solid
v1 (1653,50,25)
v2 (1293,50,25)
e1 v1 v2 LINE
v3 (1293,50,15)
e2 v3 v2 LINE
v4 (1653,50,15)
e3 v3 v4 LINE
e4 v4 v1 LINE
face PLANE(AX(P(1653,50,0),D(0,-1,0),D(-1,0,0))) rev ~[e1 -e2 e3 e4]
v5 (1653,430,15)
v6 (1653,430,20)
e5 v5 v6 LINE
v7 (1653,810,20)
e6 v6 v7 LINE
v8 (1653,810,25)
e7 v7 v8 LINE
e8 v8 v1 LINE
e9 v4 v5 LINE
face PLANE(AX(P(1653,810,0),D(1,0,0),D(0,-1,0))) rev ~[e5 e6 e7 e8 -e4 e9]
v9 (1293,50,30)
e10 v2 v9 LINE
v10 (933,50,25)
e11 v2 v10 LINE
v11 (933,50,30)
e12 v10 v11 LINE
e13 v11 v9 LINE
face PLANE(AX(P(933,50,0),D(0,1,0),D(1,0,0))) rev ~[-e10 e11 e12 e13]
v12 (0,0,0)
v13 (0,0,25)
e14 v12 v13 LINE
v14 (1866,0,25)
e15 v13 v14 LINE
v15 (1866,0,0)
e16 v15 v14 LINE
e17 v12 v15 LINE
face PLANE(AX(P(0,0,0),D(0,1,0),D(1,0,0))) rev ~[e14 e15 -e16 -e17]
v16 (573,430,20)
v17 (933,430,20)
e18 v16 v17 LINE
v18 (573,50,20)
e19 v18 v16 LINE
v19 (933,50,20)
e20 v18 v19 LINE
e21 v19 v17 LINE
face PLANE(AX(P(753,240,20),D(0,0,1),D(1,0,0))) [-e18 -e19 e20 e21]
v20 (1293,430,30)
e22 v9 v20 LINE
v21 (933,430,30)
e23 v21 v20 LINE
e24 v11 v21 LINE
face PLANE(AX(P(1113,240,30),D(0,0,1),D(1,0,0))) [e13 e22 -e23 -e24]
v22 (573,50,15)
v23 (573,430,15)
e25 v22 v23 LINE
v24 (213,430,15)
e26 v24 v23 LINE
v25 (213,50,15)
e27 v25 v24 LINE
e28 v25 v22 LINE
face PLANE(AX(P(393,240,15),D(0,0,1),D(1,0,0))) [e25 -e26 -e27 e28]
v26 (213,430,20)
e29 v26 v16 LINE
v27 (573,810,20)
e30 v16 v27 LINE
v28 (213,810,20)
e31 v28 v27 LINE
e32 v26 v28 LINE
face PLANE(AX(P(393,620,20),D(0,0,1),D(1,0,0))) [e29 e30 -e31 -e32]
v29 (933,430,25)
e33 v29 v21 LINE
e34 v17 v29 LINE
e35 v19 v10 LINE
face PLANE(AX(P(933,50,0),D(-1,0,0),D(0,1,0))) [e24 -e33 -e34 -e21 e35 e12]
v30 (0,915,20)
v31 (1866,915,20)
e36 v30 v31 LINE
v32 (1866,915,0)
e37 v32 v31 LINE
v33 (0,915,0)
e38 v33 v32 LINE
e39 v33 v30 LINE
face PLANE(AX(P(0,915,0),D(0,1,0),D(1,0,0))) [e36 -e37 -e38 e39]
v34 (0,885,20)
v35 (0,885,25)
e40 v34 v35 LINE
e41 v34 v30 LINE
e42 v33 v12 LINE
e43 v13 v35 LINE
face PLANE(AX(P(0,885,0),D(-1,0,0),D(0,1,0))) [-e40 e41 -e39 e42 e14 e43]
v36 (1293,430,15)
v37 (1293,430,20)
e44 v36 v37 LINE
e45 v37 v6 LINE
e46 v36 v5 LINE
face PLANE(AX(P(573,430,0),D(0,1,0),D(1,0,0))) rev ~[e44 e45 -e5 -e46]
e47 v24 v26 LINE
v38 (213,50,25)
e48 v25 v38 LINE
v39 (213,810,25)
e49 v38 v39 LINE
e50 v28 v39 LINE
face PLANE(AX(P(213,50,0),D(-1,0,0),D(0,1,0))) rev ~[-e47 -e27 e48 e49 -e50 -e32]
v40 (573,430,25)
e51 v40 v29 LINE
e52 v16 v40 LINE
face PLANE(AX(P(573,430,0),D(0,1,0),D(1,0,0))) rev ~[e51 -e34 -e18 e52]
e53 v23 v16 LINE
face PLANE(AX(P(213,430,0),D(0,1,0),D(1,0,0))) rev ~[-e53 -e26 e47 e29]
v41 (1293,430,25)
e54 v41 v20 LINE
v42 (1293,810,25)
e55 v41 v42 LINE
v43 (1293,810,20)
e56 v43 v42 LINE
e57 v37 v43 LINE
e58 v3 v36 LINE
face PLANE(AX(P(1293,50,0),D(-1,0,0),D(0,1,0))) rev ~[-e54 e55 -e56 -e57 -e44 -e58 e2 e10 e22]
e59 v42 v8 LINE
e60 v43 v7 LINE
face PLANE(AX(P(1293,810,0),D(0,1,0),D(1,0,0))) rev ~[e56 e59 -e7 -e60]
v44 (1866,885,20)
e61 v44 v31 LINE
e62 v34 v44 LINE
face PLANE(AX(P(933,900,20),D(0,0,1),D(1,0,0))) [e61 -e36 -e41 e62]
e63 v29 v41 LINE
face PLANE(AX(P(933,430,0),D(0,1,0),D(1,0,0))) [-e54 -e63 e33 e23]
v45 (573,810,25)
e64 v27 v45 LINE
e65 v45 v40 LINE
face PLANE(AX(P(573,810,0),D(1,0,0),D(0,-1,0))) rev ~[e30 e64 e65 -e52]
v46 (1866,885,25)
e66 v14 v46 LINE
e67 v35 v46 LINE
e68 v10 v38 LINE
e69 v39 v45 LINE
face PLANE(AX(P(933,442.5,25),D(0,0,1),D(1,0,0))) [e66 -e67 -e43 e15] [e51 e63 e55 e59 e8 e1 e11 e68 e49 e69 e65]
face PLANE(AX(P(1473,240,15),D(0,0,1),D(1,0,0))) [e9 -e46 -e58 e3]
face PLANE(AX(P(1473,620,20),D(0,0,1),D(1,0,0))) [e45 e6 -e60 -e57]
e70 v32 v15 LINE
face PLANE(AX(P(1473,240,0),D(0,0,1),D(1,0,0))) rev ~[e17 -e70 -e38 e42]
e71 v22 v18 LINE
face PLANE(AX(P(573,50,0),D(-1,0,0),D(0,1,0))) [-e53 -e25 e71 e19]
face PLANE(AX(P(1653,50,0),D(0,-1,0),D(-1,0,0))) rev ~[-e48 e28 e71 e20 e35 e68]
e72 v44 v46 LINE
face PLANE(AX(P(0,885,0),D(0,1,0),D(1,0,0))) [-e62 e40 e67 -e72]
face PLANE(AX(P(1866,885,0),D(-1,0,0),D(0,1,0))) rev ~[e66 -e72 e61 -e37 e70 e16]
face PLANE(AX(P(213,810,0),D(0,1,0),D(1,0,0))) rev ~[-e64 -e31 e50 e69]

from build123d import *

# Parameters (mm, degrees)
F0_W     = 1866
F0_H     = 885
F1_DEPTH = 25
F0_H_2   = 30
F0_W_2   = 360
F0_H_3   = 380
F2_DEPTH = 20
F3_DEPTH = 15
F4_DEPTH = 30


with BuildPart() as f1:
    # F0 (on Top) → F1 (new body)
    with BuildSketch(Plane.XY):
        with Locations((933, 442.5)):
            Rectangle(F0_W, F0_H)
        Polygon((573, 50), (213, 50), (213, 430), (213, 810), (573, 810), (573, 430), (933, 430), (1293, 430), (1293, 810), (1653, 810), (1653, 430), (1653, 50), (1293, 50), (933, 50), align=None, mode=Mode.SUBTRACT)
    extrude(amount=F1_DEPTH)

    # F0 (on Top) → F2 (join)
    with BuildSketch(Plane.XY):
        with Locations((933, 900)):
            Rectangle(F0_W, F0_H_2)
        with Locations((393, 620)):
            Rectangle(F0_W_2, F0_H_3)
        with Locations((753, 240)):
            Rectangle(F0_W_2, F0_H_3)
        with Locations((1473, 620)):
            Rectangle(F0_W_2, F0_H_3)
    extrude(amount=F2_DEPTH)

    # F0 (on Top) → F3 (join)
    with BuildSketch(Plane.XY):
        with Locations((1473, 240)):
            Rectangle(F0_W_2, F0_H_3)
        with Locations((393, 240)):
            Rectangle(F0_W_2, F0_H_3)
    extrude(amount=F3_DEPTH)

    # F0 (on Top) → F4 (join)
    with BuildSketch(Plane.XY):
        with Locations((1113, 240)):
            Rectangle(F0_W_2, F0_H_3)
    extrude(amount=F4_DEPTH)


solid = f1.part
